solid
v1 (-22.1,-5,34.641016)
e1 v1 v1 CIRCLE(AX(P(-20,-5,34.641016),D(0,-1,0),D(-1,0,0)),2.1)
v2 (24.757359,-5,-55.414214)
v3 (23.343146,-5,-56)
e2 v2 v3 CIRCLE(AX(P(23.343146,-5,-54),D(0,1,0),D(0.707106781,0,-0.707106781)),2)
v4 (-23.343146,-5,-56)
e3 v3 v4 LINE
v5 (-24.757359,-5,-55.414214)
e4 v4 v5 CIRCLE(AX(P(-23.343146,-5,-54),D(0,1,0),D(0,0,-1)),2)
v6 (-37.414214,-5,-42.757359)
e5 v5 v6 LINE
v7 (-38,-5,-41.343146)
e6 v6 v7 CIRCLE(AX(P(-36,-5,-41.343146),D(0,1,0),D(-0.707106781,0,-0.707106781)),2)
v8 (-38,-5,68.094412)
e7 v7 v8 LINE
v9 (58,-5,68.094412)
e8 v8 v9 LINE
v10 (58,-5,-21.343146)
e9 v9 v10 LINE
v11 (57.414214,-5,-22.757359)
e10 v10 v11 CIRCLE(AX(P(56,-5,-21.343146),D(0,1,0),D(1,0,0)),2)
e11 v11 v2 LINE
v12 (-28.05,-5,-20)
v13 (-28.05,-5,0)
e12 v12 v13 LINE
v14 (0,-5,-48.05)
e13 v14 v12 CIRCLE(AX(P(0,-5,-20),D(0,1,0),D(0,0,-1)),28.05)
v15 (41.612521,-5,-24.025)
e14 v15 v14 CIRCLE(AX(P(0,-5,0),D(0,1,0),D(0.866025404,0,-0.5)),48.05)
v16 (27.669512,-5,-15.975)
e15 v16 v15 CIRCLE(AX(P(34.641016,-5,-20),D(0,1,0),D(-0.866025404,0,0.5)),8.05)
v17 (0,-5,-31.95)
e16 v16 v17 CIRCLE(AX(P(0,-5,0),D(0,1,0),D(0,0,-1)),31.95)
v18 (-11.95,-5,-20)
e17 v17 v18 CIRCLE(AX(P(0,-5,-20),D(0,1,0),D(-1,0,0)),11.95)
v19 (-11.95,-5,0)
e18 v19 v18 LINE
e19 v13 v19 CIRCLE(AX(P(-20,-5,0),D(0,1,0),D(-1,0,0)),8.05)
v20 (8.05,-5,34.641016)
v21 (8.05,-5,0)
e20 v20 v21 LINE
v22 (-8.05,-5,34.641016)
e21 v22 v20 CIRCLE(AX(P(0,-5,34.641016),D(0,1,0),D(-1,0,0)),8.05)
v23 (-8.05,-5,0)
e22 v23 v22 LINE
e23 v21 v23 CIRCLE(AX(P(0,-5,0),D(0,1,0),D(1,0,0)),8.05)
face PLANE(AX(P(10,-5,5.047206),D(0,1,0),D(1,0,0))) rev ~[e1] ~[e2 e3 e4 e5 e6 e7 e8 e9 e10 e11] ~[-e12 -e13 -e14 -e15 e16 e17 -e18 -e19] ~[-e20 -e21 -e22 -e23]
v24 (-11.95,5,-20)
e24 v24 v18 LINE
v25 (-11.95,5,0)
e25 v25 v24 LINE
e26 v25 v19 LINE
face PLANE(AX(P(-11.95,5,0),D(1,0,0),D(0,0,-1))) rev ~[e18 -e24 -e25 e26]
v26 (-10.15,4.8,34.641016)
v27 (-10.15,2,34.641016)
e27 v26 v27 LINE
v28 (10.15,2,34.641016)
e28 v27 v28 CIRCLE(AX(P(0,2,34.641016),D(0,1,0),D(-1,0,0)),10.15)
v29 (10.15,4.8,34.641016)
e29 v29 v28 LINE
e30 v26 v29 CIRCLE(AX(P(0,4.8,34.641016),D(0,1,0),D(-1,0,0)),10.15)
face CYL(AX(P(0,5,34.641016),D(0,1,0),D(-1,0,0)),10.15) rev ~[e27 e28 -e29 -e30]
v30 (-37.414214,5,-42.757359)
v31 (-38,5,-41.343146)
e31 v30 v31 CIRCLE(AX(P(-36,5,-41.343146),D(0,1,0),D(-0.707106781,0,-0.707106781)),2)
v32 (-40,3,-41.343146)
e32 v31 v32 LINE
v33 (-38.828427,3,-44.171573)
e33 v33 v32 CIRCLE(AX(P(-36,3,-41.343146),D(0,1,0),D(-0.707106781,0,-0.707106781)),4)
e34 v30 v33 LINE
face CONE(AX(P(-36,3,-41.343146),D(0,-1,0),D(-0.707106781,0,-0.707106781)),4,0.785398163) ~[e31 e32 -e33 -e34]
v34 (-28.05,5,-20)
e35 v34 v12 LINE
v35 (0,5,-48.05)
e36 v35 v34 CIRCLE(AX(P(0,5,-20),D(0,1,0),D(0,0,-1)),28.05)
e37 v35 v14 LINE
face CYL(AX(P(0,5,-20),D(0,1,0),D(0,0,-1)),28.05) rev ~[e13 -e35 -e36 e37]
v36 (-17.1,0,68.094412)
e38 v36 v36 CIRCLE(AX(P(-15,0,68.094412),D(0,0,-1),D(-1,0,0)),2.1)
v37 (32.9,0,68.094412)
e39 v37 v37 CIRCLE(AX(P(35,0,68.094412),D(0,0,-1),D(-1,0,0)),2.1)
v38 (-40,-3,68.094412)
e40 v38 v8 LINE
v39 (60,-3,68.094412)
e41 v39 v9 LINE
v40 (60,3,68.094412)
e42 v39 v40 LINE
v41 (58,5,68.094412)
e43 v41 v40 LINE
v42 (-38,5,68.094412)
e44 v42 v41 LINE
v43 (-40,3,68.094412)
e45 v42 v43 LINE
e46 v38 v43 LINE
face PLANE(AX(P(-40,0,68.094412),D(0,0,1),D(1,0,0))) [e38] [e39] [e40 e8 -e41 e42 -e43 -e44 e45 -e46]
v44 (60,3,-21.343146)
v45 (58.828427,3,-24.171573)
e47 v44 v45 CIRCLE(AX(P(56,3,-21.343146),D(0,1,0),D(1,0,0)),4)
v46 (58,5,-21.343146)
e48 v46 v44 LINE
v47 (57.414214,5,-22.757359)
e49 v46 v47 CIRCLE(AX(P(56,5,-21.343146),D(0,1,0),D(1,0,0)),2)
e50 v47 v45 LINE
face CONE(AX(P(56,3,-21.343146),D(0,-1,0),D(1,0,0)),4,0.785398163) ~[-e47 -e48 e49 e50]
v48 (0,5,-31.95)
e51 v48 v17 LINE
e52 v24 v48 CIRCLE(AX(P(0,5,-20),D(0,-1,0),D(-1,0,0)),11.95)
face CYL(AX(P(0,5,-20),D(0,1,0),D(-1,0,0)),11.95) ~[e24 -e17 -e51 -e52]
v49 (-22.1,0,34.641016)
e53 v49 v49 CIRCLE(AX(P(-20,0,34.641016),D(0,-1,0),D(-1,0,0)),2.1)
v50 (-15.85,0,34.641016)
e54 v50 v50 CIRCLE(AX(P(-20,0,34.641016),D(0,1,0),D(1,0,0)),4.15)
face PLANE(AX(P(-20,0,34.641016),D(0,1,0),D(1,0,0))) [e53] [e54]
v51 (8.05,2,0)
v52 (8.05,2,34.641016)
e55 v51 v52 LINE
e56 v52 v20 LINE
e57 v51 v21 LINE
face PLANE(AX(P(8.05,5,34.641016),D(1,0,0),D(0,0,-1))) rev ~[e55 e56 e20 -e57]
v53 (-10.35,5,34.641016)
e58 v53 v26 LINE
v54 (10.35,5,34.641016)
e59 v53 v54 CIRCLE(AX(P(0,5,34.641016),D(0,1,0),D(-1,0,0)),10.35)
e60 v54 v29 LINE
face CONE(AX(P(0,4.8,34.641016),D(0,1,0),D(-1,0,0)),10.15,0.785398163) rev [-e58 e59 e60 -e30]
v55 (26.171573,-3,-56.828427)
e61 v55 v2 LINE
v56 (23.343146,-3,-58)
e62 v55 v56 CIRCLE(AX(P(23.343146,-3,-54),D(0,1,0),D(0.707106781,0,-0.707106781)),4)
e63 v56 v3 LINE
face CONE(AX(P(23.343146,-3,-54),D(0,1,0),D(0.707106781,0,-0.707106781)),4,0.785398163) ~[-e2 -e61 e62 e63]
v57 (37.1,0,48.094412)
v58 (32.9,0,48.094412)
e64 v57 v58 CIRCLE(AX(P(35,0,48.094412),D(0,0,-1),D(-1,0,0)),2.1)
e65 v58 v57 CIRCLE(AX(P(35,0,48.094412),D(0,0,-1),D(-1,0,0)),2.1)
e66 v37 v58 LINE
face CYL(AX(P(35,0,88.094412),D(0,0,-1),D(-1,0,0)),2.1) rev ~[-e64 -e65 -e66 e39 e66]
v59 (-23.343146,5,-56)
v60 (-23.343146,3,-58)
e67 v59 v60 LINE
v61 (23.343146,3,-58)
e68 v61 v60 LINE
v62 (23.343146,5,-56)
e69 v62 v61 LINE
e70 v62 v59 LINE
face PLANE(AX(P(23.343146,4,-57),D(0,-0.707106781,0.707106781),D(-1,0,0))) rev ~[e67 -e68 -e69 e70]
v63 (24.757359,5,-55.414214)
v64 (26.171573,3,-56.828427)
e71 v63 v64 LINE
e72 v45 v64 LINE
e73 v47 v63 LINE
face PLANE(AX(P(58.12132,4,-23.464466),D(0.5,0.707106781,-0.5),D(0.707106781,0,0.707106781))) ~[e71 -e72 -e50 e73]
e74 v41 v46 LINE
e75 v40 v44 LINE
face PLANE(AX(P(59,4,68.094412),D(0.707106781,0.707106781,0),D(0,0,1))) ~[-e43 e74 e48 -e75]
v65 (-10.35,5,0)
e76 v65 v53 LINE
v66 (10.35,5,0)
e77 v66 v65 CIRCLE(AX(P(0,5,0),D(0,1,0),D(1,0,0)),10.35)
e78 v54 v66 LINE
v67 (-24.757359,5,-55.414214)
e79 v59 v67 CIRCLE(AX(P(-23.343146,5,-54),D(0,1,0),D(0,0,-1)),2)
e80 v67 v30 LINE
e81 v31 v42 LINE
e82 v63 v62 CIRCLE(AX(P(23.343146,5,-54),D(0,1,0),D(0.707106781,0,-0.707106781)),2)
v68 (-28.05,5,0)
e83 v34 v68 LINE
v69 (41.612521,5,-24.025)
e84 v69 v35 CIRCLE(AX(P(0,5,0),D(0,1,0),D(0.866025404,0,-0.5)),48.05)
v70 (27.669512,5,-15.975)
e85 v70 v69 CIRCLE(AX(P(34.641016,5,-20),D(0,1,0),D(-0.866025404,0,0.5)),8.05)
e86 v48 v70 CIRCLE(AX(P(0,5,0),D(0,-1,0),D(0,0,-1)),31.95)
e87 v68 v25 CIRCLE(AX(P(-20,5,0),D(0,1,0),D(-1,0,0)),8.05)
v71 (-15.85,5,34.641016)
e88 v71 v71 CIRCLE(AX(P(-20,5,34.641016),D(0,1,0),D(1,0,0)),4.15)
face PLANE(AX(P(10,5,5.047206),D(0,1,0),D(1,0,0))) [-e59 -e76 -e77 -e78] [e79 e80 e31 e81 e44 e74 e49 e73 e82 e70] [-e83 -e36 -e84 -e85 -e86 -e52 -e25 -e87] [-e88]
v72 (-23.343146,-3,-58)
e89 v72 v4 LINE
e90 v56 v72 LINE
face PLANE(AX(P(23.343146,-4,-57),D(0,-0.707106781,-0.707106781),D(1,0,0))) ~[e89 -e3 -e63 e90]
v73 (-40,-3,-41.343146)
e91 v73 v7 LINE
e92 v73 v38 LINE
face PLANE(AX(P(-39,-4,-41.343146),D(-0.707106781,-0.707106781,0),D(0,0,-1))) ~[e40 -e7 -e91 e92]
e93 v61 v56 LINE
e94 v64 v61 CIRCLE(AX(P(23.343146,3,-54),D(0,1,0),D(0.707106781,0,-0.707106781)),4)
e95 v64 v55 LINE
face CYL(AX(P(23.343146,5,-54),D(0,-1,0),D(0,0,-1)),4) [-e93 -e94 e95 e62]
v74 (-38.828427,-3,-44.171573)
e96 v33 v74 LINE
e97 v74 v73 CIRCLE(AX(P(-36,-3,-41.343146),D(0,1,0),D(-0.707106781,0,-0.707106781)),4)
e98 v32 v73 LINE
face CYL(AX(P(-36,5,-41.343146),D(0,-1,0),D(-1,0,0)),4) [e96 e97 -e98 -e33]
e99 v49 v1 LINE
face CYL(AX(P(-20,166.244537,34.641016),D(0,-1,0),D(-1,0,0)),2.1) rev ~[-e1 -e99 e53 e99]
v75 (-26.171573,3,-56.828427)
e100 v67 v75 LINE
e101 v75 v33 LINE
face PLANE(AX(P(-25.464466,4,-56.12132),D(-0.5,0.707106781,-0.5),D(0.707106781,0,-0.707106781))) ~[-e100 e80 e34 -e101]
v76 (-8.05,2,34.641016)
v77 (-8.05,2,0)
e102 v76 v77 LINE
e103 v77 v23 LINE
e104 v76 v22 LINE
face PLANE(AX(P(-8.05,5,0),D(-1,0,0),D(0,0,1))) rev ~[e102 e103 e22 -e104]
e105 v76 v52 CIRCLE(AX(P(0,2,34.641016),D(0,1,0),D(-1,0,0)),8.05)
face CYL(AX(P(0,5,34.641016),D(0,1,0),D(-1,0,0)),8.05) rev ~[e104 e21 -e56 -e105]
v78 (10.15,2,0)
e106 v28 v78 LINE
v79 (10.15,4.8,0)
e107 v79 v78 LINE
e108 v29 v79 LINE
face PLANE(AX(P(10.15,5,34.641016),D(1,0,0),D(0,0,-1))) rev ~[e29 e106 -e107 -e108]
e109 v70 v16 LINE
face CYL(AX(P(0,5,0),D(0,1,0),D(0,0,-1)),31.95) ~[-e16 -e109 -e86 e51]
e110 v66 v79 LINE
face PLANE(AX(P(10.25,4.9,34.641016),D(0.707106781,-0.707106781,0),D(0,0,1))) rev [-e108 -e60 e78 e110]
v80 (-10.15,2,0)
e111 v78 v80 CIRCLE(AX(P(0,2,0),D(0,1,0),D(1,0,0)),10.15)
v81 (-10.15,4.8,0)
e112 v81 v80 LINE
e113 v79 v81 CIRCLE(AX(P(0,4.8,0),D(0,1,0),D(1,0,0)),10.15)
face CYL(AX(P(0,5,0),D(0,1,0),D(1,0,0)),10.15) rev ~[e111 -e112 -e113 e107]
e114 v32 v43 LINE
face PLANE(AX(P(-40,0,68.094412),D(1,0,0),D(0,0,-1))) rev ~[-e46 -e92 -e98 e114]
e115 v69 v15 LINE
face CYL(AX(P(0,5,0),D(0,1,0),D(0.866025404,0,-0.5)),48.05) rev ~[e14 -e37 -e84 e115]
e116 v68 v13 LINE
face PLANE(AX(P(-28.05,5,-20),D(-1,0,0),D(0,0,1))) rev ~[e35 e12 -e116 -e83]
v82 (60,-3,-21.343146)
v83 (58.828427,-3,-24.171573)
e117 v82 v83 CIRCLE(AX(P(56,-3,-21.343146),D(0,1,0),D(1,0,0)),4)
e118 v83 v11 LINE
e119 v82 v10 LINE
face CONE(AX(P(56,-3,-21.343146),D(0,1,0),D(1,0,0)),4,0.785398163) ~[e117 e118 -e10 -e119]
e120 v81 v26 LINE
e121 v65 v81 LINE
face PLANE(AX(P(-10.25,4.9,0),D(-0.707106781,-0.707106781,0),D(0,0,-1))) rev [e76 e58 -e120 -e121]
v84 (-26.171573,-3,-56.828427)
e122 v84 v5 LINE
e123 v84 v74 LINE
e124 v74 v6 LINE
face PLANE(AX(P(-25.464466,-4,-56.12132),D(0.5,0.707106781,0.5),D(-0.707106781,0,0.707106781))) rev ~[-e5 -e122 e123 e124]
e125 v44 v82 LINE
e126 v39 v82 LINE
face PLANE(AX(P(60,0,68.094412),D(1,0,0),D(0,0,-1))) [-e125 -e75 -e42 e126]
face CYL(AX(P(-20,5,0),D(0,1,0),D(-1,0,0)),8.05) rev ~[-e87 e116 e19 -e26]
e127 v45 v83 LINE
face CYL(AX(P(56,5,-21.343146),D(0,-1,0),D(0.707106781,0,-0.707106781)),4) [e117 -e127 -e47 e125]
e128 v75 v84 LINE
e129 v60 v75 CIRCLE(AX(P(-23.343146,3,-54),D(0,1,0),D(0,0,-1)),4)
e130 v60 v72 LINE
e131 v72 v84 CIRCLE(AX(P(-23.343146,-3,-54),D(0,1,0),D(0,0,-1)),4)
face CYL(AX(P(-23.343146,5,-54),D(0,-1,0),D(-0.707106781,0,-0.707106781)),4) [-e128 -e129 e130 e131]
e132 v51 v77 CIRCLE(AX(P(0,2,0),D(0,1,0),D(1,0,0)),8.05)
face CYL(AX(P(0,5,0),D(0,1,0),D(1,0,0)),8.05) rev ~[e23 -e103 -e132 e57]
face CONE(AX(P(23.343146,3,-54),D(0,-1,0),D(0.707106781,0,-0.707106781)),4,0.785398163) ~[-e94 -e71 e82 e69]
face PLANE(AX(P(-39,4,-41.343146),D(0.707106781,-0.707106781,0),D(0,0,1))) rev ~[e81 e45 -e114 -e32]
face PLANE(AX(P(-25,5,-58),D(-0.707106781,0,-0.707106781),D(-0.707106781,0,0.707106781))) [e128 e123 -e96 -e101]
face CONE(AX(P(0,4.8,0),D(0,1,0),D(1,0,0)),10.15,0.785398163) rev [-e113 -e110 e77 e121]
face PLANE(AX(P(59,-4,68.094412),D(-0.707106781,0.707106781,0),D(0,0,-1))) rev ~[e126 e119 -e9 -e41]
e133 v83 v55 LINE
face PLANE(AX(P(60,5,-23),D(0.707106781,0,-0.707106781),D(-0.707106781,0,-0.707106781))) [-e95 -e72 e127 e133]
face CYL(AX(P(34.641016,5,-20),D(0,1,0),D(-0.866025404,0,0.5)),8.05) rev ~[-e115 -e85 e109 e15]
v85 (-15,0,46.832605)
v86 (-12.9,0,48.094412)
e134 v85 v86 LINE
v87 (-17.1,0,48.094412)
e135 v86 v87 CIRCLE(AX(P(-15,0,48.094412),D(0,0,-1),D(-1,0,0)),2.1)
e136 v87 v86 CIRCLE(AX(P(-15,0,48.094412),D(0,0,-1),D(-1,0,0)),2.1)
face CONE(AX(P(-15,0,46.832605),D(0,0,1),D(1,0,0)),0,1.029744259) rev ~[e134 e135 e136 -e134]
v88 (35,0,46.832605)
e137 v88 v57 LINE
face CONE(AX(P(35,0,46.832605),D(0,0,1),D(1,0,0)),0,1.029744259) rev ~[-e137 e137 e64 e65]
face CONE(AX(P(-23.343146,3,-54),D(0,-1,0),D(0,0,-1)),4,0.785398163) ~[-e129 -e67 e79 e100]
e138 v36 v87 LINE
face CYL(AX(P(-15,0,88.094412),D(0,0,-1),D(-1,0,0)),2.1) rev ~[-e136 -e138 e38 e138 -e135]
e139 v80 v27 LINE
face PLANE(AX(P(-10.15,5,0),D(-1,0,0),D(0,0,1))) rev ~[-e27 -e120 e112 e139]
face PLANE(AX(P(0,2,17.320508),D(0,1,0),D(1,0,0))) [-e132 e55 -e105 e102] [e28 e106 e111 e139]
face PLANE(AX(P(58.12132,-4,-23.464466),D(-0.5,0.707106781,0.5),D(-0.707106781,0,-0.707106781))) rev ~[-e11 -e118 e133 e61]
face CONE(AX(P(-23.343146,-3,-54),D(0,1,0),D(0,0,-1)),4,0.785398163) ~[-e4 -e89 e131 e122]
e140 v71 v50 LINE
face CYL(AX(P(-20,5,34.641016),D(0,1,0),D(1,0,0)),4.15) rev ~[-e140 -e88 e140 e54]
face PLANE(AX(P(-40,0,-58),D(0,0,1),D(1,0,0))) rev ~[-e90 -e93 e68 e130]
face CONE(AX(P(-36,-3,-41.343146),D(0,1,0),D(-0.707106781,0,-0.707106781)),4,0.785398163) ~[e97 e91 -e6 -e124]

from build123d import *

# Parameters (mm, degrees)
SKETCH1_W                 = 100
SKETCH1_H                 = 126.094412
BOSS_EXTRUDE1_DEPTH       = 5
SLOTS_DEPTH               = 11
CUT_EXTRUDE5_DEPTH        = 3
CHAMFER2_SIZE             = 0.2
M5X0_8_TAPPED_HOLE2_D     = 4.2
SKETCH10_R                = 4.15
CUT_EXTRUDE4_DEPTH        = 5
M5X0_8_TAPPED_HOLE1_D     = 4.2
M5X0_8_TAPPED_HOLE1_DEPTH = 20
M5X0_8_TAPPED_HOLE1_TIP   = 1.2618073
CUT_EXTRUDE2_DEPTH        = 11
CUT_EXTRUDE3_DEPTH        = 11
FILLET1_R                 = 4
CHAMFER1_SIZE             = 2


with BuildPart() as part:
    # Sketch1 → Boss-Extrude1 (new body, symmetric)
    with BuildSketch(Plane(origin=(0, 0, 0), x_dir=(1, 0, 0), z_dir=(0, 1, 0))):
        with Locations((10, -5.047206)):
            Rectangle(SKETCH1_W, SKETCH1_H)
    extrude(amount=BOSS_EXTRUDE1_DEPTH, both=True)

    # Sketch3 → Slots (cut, through all)
    with BuildSketch(Plane(origin=(0, 5, 0), x_dir=(1, 0, 0), z_dir=(0, 1, 0))):
        with BuildLine():
            Line((-8.05, 0), (-8.05, -34.641016151))
            ThreePointArc((-8.05, -34.641016151), (0, -42.691016151), (8.05, -34.641016151))
            Line((8.05, -34.641016151), (8.05, 0))
            ThreePointArc((8.05, 0), (0, 8.05), (-8.05, 0))
        make_face()
        with BuildLine():
            Line((-11.95, 0), (-11.95, 20))
            ThreePointArc((-11.95, 20), (-8.449926035, 28.449926035), (0, 31.95))
            ThreePointArc((0, 31.95), (15.975, 27.669511651), (27.669511651, 15.975))
            ThreePointArc((27.669511651, 15.975), (38.666016151, 13.0284955), (41.612520652, 24.025))
            ThreePointArc((41.612520652, 24.025), (24.025, 41.612520652), (0, 48.05))
            ThreePointArc((0, 48.05), (-19.834345212, 39.834345212), (-28.05, 20))
            Line((-28.05, 20), (-28.05, 0))
            ThreePointArc((-28.05, 0), (-20, -8.05), (-11.95, 0))
        make_face()
    extrude(amount=-SLOTS_DEPTH, mode=Mode.SUBTRACT)

    # Sketch11 → Cut-Extrude5 (cut)
    with BuildSketch(Plane(origin=(0, 5, 0), x_dir=(1, 0, 0), z_dir=(0, 1, 0))):
        with BuildLine():
            Line((-10.15, 0), (-10.15, -34.641016151))
            ThreePointArc((-10.15, -34.641016151), (0, -44.791016151), (10.15, -34.641016151))
            Line((10.15, -34.641016151), (10.15, 0))
            ThreePointArc((10.15, 0), (0, 10.15), (-10.15, 0))
        make_face()
    extrude(amount=-CUT_EXTRUDE5_DEPTH, mode=Mode.SUBTRACT)

    # Chamfer2
    chamfer2_edges = [part.edges().sort_by_distance(p)[0] for p in [
        (0, 5, -10.15),
        (-10.15, 5, 17.320508076),
        (0, 5, 44.791016151),
        (10.15, 5, 17.320508076),
    ]]
    chamfer(chamfer2_edges, length=CHAMFER2_SIZE)

    # M5x0.8 Tapped Hole2 (through all)
    with Locations(Plane(origin=(0, 5, 0), x_dir=(1, 0, 0), z_dir=(0, 1, 0))):
        with Locations((-20, -34.641016151)):
            Hole(M5X0_8_TAPPED_HOLE2_D / 2)

    # Sketch10 → Cut-Extrude4 (cut)
    with BuildSketch(Plane(origin=(0, 5, 0), x_dir=(1, 0, 0), z_dir=(0, 1, 0))):
        with Locations((-20, -34.641016151)):
            Circle(SKETCH10_R)
    extrude(amount=-CUT_EXTRUDE4_DEPTH, mode=Mode.SUBTRACT)

    # M5x0.8 Tapped Hole1
    with Locations(Plane.XY.offset(68.094412)):
        with Locations((-15, 0), (35, 0)):
            Hole(M5X0_8_TAPPED_HOLE1_D / 2, depth=M5X0_8_TAPPED_HOLE1_DEPTH)
            with Locations((0, 0, -(M5X0_8_TAPPED_HOLE1_DEPTH + M5X0_8_TAPPED_HOLE1_TIP / 2))):  # 118° drill point
                Cone(0, M5X0_8_TAPPED_HOLE1_D / 2, M5X0_8_TAPPED_HOLE1_TIP, mode=Mode.SUBTRACT)

    # Sketch4 → Cut-Extrude2 (cut, through all)
    with BuildSketch(Plane(origin=(0, 5, 0), x_dir=(1, 0, 0), z_dir=(0, 1, 0))):
        Polygon((-40, 43), (-40, 58), (-25, 58), align=None)
    extrude(amount=-CUT_EXTRUDE2_DEPTH, mode=Mode.SUBTRACT)

    # Sketch5 → Cut-Extrude3 (cut, through all)
    with BuildSketch(Plane(origin=(0, 5, 0), x_dir=(1, 0, 0), z_dir=(0, 1, 0))):
        Polygon((25, 58), (60, 58), (60, 23), align=None)
    extrude(amount=-CUT_EXTRUDE3_DEPTH, mode=Mode.SUBTRACT)

    # Fillet1
    fillet1_edges = [part.edges().sort_by_distance(p)[0] for p in [
        (-25, 0, -58),
        (-40, 0, -43),
        (60, 0, -23),
        (25, 0, -58),
    ]]
    fillet(fillet1_edges, radius=FILLET1_R)

    # Chamfer1
    chamfer1_edges = [part.edges().sort_by_distance(p)[0] for p in [
        (60, 5, 23.375633125),
        (42.5, 5, -40.5),
        (0, 5, -58),
        (-32.5, 5, -50.5),
        (-40, 5, 13.375633125),
        (-39.69551813, 5, -42.87387948),
        (-24.87387948, 5, -57.69551813),
        (24.87387948, 5, -57.69551813),
        (59.69551813, 5, -22.87387948),
        (42.5, -5, -40.5),
        (-40, -5, 13.375633125),
        (-32.5, -5, -50.5),
        (0, -5, -58),
        (-39.69551813, -5, -42.87387948),
        (-24.87387948, -5, -57.69551813),
        (24.87387948, -5, -57.69551813),
        (59.69551813, -5, -22.87387948),
        (60, -5, 23.375633125),
    ]]
    chamfer(chamfer1_edges, length=CHAMFER1_SIZE)


solid = part.part
